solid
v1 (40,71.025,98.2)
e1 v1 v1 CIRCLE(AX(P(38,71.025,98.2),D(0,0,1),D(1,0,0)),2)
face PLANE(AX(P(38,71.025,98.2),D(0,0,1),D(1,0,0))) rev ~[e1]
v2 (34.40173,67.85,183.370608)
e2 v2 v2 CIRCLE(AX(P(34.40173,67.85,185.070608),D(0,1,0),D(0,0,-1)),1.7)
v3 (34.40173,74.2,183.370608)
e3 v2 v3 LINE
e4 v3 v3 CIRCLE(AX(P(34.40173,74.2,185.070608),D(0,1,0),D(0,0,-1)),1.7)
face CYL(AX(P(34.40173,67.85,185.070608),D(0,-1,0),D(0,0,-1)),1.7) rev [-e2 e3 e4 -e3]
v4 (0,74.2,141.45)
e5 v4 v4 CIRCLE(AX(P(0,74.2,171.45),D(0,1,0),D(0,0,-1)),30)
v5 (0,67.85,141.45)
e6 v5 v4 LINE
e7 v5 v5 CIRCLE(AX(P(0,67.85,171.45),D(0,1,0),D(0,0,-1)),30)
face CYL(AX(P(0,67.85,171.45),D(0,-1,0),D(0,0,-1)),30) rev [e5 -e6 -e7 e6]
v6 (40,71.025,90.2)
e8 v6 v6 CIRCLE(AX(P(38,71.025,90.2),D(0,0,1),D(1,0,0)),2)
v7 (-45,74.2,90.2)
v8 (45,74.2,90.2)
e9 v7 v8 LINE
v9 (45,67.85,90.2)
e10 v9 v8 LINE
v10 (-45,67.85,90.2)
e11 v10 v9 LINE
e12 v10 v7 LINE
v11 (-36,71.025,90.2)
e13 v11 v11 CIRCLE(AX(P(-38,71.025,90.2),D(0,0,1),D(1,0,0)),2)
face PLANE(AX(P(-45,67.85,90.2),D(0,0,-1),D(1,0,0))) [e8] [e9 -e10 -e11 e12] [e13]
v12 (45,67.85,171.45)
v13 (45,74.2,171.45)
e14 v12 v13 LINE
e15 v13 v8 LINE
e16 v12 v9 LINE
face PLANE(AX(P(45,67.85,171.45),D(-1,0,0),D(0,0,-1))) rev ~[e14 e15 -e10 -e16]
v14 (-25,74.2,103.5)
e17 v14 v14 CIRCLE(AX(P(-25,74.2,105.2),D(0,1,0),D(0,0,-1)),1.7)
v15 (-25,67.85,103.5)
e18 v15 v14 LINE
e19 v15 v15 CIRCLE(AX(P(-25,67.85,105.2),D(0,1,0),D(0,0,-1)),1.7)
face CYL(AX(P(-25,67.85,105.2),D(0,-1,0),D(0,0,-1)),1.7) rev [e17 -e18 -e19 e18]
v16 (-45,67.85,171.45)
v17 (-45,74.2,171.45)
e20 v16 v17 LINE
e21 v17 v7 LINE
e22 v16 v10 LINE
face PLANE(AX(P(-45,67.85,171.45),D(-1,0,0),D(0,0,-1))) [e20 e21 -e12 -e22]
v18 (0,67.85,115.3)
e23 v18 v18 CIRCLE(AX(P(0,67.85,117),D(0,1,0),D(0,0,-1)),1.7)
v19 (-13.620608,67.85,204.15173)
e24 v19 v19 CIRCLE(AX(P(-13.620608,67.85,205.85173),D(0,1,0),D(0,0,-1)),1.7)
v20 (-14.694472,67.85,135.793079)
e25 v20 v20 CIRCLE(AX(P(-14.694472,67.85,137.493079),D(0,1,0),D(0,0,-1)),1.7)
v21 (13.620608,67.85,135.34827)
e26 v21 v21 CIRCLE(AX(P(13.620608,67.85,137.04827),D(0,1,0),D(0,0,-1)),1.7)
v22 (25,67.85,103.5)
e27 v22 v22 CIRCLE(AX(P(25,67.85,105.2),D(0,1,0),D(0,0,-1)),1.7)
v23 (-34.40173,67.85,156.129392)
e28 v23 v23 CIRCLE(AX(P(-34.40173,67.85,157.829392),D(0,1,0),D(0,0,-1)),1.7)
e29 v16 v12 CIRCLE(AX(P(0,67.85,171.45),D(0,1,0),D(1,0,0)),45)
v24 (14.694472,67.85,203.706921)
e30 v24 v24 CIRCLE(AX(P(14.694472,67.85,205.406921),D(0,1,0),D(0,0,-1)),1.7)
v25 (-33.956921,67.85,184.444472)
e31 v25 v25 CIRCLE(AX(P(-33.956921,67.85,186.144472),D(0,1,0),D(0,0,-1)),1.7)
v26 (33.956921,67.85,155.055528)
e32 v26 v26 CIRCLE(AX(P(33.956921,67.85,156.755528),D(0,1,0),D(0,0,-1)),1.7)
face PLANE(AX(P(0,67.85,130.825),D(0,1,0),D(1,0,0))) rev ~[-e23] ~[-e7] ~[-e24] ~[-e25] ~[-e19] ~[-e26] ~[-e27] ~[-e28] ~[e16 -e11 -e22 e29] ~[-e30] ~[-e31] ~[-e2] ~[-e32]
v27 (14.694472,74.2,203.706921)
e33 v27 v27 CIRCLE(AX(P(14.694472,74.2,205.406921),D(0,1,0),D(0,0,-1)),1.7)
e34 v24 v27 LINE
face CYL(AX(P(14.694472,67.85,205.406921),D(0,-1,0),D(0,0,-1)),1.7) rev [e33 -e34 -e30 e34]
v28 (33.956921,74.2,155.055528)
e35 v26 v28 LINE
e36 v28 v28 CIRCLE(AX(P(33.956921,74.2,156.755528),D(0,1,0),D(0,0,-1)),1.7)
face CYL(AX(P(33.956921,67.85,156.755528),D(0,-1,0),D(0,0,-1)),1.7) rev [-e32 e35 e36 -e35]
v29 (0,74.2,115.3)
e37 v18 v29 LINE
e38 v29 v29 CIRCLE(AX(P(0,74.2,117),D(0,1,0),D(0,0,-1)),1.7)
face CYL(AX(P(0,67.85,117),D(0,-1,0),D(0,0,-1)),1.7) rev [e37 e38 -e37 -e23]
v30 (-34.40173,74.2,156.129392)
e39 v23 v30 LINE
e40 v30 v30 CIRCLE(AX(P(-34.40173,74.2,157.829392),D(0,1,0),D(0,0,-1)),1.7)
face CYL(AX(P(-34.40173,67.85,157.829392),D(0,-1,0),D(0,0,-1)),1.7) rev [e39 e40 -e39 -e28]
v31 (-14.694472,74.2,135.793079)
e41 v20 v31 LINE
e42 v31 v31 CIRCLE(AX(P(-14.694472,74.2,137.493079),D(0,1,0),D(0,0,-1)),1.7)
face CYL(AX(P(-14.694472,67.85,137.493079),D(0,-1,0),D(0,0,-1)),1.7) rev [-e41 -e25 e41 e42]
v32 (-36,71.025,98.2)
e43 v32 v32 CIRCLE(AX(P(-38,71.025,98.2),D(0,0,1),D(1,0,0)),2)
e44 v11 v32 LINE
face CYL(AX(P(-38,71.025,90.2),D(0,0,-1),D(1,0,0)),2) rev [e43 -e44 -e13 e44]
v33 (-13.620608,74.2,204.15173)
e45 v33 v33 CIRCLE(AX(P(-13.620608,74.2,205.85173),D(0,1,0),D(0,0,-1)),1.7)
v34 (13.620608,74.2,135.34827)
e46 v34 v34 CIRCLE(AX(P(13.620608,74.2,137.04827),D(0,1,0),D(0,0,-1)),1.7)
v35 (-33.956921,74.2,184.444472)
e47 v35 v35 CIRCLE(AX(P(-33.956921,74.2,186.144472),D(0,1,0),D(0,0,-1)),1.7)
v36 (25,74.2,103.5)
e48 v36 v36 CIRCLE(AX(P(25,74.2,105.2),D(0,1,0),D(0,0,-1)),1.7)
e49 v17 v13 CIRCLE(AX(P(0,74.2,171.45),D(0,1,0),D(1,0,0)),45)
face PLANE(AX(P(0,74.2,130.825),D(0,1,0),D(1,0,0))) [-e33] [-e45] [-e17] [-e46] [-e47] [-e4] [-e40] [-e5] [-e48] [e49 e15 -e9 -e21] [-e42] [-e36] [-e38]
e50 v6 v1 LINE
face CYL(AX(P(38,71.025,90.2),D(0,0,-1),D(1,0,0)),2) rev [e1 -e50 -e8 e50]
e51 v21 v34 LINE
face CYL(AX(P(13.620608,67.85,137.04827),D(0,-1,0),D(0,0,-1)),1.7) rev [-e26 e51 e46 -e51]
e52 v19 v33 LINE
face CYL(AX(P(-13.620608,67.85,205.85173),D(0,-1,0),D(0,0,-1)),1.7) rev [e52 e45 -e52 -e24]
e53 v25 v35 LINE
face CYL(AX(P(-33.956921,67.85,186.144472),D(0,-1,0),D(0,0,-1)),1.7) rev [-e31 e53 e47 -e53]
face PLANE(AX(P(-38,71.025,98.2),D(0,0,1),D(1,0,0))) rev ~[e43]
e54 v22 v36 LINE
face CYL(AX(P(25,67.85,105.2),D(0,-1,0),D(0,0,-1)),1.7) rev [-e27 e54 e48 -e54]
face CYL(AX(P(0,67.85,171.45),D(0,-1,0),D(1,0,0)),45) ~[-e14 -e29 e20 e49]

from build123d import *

# Parameters (mm, degrees)
PARED_A_MOTOR_J2_START           = 67.85
CROQUIS1_W                       = 90
CROQUIS1_H                       = 81.25
PARED_A_MOTOR_J2_DEPTH           = 6.35
PARED_A_MOTOR_J2_REDONDEO_START  = 67.85
CROQUIS2_R                       = 45
PARED_A_MOTOR_J2_REDONDEO_DEPTH  = 6.35
ROSCA_M3_ESCUADRAS_START         = 67.85
CROQUIS4_R                       = 1.25
ROSCA_M3_ESCUADRAS_DEPTH         = 6.35
PASADORES_D4_START               = 90.2
CROQUIS5_R                       = 2
PASADORES_D4_DEPTH               = 8
ROSCA_M3_BASES_CINCHO_START      = 67.85
CROQUIS6_R                       = 1.25
ROSCA_M3_BASES_CINCHO_DEPTH      = 6.35
PASO_DRIVER_Y_8XM3_START         = 67.85
CROQUIS7_R                       = 30
CROQUIS7_R_2                     = 1.7
PASO_DRIVER_Y_8XM3_DEPTH         = 6.35
PASO_M3_ESCUADRAS_TUERCA_START   = 67.85
CROQUIS8_R                       = 1.7
PASO_M3_ESCUADRAS_TUERCA_DEPTH   = 6.35
PASO_M3_BASE_CINCHO_TUERCA_START = 67.85
CROQUIS9_R                       = 1.7
PASO_M3_BASE_CINCHO_TUERCA_DEPTH = 6.35


with BuildPart() as part:
    # Croquis1 → Pared_A_motor_J2 (new body)
    with BuildSketch(Plane(origin=(0, 0, 0), x_dir=(1, 0, 0), z_dir=(0, 1, 0)).offset(PARED_A_MOTOR_J2_START)):
        with Locations((0, -130.825)):
            Rectangle(CROQUIS1_W, CROQUIS1_H)
    extrude(amount=PARED_A_MOTOR_J2_DEPTH)

    # Croquis2 → Pared_A_motor_J2_redondeo (add)
    with BuildSketch(Plane(origin=(0, 0, 0), x_dir=(1, 0, 0), z_dir=(0, 1, 0)).offset(PARED_A_MOTOR_J2_REDONDEO_START)):
        with Locations((0, -171.45)):
            Circle(CROQUIS2_R)
    extrude(amount=PARED_A_MOTOR_J2_REDONDEO_DEPTH)

    # Croquis4 → Rosca_M3_escuadras (cut)
    with BuildSketch(Plane(origin=(0, 0, 0), x_dir=(1, 0, 0), z_dir=(0, 1, 0)).offset(ROSCA_M3_ESCUADRAS_START)):
        with Locations(Location((-25, -105.2, 0), (0, 0, 90))):
            Circle(CROQUIS4_R)
        with Locations(Location((25, -105.2, 0), (0, 0, 90))):
            Circle(CROQUIS4_R)
    extrude(amount=ROSCA_M3_ESCUADRAS_DEPTH, mode=Mode.SUBTRACT)

    # Croquis5 → Pasadores_D4 (cut)
    with BuildSketch(Plane.XY.offset(PASADORES_D4_START)):
        with Locations((-38, 71.025)):
            Circle(CROQUIS5_R)
        with Locations((38, 71.025)):
            Circle(CROQUIS5_R)
    extrude(amount=PASADORES_D4_DEPTH, mode=Mode.SUBTRACT)

    # Croquis6 → Rosca_M3_bases_cincho (cut)
    with BuildSketch(Plane(origin=(0, 0, 0), x_dir=(1, 0, 0), z_dir=(0, 1, 0)).offset(ROSCA_M3_BASES_CINCHO_START)):
        with Locations(Location((0, -117, 0), (0, 0, 90))):
            Circle(CROQUIS6_R)
    extrude(amount=ROSCA_M3_BASES_CINCHO_DEPTH, mode=Mode.SUBTRACT)

    # Croquis7 → Paso_driver_y_8xM3 (cut)
    with BuildSketch(Plane(origin=(0, 0, 0), x_dir=(1, 0, 0), z_dir=(0, 1, 0)).offset(PASO_DRIVER_Y_8XM3_START)):
        with Locations(Location((0, -171.45, 0), (0, 0, 90))):
            Circle(CROQUIS7_R)
        with Locations(Location((34.401729978, -185.070608449, 0), (0, 0, 90))):
            Circle(CROQUIS7_R_2)
        with Locations(Location((14.694471953, -205.40692115, 0), (0, 0, 90))):
            Circle(CROQUIS7_R_2)
        with Locations(Location((-13.620608449, -205.851729978, 0), (0, 0, 90))):
            Circle(CROQUIS7_R_2)
        with Locations(Location((-33.95692115, -186.144471953, 0), (0, 0, 90))):
            Circle(CROQUIS7_R_2)
        with Locations(Location((-34.401729978, -157.829391551, 0), (0, 0, 90))):
            Circle(CROQUIS7_R_2)
        with Locations(Location((-14.694471953, -137.49307885, 0), (0, 0, 90))):
            Circle(CROQUIS7_R_2)
        with Locations(Location((13.620608449, -137.048270022, 0), (0, 0, 90))):
            Circle(CROQUIS7_R_2)
        with Locations(Location((33.95692115, -156.755528047, 0), (0, 0, 90))):
            Circle(CROQUIS7_R_2)
    extrude(amount=PASO_DRIVER_Y_8XM3_DEPTH, mode=Mode.SUBTRACT)

    # Croquis8 → Paso_M3_escuadras_tuerca (cut)
    with BuildSketch(Plane(origin=(0, 0, 0), x_dir=(1, 0, 0), z_dir=(0, 1, 0)).offset(PASO_M3_ESCUADRAS_TUERCA_START)):
        with Locations(Location((-25, -105.2, 0), (0, 0, 90))):
            Circle(CROQUIS8_R)
        with Locations(Location((25, -105.2, 0), (0, 0, 90))):
            Circle(CROQUIS8_R)
    extrude(amount=PASO_M3_ESCUADRAS_TUERCA_DEPTH, mode=Mode.SUBTRACT)

    # Croquis9 → Paso_M3_base_cincho_tuerca (cut)
    with BuildSketch(Plane(origin=(0, 0, 0), x_dir=(1, 0, 0), z_dir=(0, 1, 0)).offset(PASO_M3_BASE_CINCHO_TUERCA_START)):
        with Locations(Location((0, -117, 0), (0, 0, 90))):
            Circle(CROQUIS9_R)
    extrude(amount=PASO_M3_BASE_CINCHO_TUERCA_DEPTH, mode=Mode.SUBTRACT)


solid = part.part
